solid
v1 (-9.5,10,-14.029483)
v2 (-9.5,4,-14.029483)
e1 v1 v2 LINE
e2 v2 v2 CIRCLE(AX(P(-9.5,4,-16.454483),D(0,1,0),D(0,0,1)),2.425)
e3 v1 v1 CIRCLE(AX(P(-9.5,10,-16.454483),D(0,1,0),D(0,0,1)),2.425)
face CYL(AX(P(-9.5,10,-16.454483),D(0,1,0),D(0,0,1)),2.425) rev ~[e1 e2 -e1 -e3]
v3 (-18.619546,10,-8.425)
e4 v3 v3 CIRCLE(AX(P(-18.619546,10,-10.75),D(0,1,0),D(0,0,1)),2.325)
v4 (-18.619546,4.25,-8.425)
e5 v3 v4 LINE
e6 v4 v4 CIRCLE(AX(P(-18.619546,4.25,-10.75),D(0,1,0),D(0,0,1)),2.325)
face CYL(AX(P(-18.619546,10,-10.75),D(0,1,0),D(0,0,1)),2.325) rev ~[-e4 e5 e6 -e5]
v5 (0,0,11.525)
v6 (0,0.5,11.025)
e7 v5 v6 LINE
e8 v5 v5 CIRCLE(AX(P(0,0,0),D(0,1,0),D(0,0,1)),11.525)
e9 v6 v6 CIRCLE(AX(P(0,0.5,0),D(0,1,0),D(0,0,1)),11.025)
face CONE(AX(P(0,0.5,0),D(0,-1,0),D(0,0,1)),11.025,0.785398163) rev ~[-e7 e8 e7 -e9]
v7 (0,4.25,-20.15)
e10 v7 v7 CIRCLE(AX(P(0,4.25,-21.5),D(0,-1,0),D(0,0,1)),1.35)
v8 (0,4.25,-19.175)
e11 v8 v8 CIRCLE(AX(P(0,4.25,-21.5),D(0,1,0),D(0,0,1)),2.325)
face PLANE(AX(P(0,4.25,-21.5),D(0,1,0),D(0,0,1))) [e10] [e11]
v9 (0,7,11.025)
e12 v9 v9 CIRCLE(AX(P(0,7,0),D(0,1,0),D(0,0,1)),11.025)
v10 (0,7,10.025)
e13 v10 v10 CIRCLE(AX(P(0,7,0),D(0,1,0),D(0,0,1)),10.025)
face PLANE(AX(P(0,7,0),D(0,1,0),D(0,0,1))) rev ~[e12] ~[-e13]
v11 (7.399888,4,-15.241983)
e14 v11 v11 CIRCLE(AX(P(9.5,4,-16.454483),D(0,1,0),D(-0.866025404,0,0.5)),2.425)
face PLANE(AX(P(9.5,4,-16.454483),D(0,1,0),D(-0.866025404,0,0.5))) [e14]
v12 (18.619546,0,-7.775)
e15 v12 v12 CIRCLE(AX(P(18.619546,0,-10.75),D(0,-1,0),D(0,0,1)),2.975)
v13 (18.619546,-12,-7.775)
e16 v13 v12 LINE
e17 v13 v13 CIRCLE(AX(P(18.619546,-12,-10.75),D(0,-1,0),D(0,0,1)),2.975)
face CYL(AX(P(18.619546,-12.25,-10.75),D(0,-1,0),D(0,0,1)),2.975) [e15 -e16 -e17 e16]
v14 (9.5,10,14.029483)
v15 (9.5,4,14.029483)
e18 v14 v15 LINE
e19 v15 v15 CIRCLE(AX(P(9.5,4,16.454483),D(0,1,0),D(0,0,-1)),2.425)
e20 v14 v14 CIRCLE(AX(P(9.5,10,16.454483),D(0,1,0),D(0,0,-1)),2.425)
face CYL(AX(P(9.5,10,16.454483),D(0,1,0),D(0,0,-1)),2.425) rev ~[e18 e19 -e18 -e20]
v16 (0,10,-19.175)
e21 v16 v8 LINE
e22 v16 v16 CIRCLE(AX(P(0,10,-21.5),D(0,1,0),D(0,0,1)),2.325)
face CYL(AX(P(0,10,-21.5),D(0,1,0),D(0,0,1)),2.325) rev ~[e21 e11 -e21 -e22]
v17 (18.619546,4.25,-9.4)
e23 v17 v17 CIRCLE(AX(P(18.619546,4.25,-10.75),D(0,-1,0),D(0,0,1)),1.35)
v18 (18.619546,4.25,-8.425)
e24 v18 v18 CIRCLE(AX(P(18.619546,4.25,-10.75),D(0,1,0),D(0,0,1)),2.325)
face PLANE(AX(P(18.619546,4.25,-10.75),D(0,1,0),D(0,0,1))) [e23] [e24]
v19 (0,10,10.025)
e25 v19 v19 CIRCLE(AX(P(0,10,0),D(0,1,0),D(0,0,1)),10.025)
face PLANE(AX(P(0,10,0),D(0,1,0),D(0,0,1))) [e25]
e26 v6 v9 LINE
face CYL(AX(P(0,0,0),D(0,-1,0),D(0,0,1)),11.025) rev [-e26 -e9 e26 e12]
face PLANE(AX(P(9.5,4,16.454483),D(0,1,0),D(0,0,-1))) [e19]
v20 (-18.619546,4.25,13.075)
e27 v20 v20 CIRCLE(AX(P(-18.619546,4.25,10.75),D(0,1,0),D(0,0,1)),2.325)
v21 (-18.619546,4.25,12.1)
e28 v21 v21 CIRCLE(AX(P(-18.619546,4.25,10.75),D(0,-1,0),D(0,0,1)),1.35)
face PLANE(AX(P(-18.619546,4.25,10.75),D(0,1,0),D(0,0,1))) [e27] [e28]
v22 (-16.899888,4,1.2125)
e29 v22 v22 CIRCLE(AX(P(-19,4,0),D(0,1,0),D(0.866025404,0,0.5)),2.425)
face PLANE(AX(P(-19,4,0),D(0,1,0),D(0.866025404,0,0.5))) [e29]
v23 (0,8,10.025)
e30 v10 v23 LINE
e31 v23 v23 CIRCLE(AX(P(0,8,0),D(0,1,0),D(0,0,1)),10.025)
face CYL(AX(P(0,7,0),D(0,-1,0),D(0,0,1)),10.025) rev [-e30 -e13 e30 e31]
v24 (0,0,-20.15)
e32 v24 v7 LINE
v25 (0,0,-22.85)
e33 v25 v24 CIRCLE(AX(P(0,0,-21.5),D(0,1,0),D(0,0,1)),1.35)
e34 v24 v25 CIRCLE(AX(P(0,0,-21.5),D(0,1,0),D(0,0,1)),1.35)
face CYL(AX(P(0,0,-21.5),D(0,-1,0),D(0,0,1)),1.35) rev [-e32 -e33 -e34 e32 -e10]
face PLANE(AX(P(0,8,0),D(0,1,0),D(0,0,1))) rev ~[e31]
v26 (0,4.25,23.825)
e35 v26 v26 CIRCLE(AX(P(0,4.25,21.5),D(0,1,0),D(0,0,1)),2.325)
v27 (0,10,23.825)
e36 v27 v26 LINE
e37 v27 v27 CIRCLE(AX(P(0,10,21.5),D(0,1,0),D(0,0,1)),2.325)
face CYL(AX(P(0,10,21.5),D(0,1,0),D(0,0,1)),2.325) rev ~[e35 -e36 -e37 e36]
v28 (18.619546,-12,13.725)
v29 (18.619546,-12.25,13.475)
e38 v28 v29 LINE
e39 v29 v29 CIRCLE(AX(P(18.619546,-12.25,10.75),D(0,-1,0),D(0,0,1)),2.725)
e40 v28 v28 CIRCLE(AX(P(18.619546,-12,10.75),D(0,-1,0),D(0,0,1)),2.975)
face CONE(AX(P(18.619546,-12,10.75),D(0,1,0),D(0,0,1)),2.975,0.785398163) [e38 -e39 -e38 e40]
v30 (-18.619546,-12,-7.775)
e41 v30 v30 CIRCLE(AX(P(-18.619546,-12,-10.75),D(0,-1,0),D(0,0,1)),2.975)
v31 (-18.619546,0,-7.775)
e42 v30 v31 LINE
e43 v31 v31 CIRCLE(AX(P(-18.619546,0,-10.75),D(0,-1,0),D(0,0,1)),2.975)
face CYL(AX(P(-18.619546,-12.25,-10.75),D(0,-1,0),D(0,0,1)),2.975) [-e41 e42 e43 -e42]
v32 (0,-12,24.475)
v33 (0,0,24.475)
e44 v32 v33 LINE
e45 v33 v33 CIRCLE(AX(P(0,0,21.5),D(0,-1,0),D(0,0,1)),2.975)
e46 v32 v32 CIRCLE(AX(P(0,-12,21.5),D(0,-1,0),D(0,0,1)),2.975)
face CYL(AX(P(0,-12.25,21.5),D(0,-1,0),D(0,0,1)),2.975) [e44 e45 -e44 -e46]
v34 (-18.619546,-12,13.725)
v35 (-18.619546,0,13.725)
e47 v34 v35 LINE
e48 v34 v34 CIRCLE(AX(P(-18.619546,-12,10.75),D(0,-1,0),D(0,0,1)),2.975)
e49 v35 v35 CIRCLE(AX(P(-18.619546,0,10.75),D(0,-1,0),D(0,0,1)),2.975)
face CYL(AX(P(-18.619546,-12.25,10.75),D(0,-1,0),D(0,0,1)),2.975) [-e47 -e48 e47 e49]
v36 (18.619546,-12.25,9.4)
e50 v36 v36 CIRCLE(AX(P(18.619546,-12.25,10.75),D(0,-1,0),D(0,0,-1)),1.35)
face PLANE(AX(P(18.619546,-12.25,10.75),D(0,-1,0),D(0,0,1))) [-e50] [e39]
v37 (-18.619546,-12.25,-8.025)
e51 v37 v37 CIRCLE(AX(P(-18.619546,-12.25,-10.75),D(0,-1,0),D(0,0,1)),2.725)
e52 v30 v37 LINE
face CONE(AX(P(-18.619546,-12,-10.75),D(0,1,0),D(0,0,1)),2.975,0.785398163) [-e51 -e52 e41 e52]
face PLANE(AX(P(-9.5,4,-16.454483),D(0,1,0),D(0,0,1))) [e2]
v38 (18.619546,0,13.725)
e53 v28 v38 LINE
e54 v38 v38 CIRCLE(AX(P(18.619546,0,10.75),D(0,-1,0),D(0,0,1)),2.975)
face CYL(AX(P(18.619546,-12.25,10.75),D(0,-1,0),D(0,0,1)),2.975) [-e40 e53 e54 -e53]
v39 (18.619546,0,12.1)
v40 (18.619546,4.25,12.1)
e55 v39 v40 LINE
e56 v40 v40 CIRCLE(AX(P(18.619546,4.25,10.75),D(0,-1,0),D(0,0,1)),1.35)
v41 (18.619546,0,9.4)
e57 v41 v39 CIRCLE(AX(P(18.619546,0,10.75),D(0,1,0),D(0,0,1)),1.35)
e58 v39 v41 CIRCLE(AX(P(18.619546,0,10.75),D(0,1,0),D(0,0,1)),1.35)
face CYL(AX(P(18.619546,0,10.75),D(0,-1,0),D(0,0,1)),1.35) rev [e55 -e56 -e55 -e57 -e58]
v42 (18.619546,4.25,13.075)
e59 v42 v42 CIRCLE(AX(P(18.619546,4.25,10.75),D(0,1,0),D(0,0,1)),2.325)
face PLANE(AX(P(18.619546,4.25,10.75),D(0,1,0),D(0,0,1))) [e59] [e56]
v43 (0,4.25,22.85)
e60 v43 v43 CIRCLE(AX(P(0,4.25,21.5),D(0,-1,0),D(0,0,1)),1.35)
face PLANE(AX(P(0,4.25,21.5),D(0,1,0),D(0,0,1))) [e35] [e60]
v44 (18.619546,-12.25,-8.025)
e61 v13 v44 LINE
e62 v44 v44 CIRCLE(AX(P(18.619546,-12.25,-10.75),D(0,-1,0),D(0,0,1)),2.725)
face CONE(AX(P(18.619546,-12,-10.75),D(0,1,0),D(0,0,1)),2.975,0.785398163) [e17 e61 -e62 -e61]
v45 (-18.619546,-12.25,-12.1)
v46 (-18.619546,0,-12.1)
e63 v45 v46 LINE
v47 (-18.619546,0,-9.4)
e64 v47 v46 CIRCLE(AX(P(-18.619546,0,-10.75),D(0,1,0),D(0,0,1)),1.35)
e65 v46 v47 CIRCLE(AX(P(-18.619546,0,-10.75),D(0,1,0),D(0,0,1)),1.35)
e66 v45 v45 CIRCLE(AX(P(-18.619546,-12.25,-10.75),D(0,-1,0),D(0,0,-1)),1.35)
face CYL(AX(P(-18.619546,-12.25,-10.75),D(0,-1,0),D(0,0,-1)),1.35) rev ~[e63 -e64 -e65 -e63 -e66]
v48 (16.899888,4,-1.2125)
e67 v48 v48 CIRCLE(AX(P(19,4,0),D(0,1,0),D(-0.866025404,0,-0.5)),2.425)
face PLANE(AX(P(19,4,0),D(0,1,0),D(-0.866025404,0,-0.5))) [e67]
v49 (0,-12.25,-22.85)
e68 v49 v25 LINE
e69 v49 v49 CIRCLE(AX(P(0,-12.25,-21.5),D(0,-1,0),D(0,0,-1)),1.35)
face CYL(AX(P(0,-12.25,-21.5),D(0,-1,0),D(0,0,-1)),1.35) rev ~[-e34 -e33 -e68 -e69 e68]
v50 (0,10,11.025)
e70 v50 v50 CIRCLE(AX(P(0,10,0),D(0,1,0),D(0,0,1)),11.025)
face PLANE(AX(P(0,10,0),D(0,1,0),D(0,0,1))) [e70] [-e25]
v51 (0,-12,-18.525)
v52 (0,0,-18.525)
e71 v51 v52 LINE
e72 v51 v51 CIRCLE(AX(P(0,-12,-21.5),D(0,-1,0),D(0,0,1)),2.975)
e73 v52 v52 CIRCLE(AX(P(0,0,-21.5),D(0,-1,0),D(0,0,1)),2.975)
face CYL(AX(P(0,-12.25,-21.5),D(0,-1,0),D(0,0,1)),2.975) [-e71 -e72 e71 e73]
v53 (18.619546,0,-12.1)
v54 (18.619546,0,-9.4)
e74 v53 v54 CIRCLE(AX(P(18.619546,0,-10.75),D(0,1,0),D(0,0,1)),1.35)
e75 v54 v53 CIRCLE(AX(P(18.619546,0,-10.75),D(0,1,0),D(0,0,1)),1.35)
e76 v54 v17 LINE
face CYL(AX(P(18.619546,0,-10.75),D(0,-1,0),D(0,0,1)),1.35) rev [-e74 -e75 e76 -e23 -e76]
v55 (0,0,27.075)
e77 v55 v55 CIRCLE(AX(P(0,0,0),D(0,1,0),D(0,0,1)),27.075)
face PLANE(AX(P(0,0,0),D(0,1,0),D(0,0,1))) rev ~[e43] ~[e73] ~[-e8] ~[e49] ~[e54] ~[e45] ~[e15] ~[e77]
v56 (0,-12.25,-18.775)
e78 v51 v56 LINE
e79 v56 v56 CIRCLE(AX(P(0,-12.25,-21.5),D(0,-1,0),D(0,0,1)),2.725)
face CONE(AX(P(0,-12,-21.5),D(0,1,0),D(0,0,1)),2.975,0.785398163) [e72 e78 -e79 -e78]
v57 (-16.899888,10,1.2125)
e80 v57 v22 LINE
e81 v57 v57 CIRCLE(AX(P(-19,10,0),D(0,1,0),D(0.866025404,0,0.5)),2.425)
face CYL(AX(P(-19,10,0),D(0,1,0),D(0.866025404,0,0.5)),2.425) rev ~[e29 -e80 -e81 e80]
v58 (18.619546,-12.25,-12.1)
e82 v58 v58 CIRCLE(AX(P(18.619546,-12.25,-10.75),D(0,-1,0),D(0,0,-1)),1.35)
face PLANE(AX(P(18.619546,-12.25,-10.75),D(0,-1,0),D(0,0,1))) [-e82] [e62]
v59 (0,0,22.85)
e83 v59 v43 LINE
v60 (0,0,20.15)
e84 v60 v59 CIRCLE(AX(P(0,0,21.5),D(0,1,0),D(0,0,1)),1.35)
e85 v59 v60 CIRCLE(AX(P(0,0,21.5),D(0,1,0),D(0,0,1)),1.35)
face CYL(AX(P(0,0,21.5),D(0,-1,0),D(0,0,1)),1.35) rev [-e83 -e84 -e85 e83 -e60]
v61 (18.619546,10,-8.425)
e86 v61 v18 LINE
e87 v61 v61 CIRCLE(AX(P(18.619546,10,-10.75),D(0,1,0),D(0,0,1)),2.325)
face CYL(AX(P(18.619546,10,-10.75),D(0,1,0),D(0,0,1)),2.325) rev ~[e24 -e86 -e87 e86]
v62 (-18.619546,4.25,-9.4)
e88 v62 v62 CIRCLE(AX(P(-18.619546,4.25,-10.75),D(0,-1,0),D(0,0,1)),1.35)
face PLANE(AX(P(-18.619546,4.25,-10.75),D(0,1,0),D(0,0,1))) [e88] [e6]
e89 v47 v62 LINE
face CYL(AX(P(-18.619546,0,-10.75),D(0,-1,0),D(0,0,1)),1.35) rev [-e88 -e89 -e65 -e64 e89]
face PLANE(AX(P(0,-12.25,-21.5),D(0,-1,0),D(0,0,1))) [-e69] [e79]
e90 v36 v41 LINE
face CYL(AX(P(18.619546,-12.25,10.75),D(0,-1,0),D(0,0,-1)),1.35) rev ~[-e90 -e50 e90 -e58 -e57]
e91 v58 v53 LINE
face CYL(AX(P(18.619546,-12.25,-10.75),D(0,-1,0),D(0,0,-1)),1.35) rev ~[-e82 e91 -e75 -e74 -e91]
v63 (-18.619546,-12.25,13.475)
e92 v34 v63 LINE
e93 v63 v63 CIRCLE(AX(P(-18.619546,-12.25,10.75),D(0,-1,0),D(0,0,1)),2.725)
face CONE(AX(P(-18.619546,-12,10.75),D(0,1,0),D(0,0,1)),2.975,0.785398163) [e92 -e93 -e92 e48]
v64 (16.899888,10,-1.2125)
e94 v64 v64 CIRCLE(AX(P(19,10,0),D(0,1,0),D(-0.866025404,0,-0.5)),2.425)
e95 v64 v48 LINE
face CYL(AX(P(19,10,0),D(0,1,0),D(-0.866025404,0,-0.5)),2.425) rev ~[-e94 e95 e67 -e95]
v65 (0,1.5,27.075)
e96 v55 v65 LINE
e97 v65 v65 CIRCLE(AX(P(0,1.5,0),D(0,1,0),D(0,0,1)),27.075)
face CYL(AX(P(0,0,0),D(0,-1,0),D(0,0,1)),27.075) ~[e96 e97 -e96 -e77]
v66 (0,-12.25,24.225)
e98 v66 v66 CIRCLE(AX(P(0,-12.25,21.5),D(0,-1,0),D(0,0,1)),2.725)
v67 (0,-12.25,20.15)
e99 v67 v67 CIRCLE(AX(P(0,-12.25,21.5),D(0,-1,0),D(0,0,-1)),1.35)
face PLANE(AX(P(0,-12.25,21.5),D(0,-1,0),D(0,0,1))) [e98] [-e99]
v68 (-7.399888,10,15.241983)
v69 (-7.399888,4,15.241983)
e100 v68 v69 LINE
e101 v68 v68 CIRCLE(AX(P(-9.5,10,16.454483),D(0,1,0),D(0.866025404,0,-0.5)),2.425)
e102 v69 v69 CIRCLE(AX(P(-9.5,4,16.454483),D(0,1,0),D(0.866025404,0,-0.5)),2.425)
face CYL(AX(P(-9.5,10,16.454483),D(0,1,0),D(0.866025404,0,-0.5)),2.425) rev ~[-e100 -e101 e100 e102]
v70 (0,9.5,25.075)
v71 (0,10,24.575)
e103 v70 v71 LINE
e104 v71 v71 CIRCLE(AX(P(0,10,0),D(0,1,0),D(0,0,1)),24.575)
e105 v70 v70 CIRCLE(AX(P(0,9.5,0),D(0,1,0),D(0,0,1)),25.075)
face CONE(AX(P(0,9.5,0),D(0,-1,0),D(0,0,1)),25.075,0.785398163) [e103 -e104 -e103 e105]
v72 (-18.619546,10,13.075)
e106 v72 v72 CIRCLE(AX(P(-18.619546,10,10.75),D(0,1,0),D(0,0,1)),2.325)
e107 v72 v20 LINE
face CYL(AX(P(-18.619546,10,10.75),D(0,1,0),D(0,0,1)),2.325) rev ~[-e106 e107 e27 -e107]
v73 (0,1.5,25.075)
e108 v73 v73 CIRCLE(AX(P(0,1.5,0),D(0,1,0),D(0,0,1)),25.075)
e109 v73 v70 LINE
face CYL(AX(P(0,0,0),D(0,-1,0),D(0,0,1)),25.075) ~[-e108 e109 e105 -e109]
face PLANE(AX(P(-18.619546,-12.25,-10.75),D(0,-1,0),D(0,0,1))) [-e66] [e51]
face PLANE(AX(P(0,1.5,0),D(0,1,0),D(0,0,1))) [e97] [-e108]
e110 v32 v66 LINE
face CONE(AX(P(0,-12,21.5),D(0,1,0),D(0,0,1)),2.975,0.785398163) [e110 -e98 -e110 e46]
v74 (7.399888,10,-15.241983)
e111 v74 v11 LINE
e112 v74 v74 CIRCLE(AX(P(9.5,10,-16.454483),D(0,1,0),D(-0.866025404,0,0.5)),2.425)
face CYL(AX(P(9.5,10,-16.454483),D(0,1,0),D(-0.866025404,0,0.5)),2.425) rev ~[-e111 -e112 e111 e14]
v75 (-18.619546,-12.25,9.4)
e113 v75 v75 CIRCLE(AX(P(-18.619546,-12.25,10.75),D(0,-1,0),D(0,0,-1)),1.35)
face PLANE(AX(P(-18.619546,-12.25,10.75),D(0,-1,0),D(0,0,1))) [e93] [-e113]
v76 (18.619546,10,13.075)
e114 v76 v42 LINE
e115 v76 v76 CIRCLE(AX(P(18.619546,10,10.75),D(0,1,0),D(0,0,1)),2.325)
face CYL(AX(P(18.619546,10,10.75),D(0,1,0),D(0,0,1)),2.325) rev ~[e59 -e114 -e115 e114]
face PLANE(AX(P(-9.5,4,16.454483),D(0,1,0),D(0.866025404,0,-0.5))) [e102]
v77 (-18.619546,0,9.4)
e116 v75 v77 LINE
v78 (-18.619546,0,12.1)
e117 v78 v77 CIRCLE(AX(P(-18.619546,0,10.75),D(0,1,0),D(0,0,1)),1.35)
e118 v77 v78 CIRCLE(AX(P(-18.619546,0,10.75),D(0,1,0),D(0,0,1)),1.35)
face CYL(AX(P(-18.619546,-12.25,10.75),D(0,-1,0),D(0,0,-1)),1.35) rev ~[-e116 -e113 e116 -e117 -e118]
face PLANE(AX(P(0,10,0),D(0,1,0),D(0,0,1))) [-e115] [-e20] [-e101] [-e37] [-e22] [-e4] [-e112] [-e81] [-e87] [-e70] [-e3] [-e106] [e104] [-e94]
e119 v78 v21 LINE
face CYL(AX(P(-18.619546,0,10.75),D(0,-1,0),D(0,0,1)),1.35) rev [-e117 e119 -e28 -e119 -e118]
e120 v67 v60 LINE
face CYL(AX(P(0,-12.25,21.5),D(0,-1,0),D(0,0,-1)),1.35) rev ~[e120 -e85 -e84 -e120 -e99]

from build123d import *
from build123d.topology import SkipClean

# Parameters (mm, degrees)
SKETCH2_R            = 25.075
SKETCH2_R_2          = 1.35
SKETCH2_R_3          = 11.025
BOSS_EXTRUDE1_DEPTH  = 10
SKETCH3_R            = 2.325
CUT_EXTRUDE2_DEPTH   = 5.75
SKETCH11_R           = 27.075
SKETCH11_R_2         = 25.075
BOSS_EXTRUDE6_DEPTH  = 1.5
SKETCH12_R           = 11.025
SKETCH12_R_2         = 10.025
BOSS_EXTRUDE7_DEPTH  = 1.5
SKETCH13_R           = 2.425
CUT_EXTRUDE7_DEPTH   = 6
CIRPATTERN4_COUNT    = 6
BOSS_EXTRUDE8_START  = 12.25
SKETCH16_R           = 2.975
SKETCH16_R_2         = 1.35
BOSS_EXTRUDE8_DEPTH  = 12.25
SKETCH17_R           = 11.025
SKETCH17_R_2         = 10.025
BOSS_EXTRUDE9_DEPTH  = 1.5
CHAMFER1_SIZE        = 0.25
CHAMFER2_SIZE        = 0.5
BOSS_EXTRUDE10_START = -2
SKETCH18_R           = 10.025
BOSS_EXTRUDE10_DEPTH = 2


with BuildPart() as part:
    # Sketch2 → Boss-Extrude1 (new body)
    with BuildSketch(Plane(origin=(0, 0, 0), x_dir=(1, 0, 0), z_dir=(0, 1, 0))):
        with Locations(Location((0, 0, 0), (0, 0, 270))):
            Circle(SKETCH2_R)
        with Locations(Location((0, 21.5, 0), (0, 0, 270))):
            Circle(SKETCH2_R_2, mode=Mode.SUBTRACT)
        with Locations(Location((18.619546181, 10.75, 0), (0, 0, 270))):
            Circle(SKETCH2_R_2, mode=Mode.SUBTRACT)
        with Locations(Location((18.619546181, -10.75, 0), (0, 0, 270))):
            Circle(SKETCH2_R_2, mode=Mode.SUBTRACT)
        with Locations(Location((0, -21.5, 0), (0, 0, 270))):
            Circle(SKETCH2_R_2, mode=Mode.SUBTRACT)
        with Locations(Location((-18.619546181, -10.75, 0), (0, 0, 270))):
            Circle(SKETCH2_R_2, mode=Mode.SUBTRACT)
        with Locations(Location((-18.619546181, 10.75, 0), (0, 0, 270))):
            Circle(SKETCH2_R_2, mode=Mode.SUBTRACT)
        with Locations(Location((0, 0, 0), (0, 0, 270))):
            Circle(SKETCH2_R_3, mode=Mode.SUBTRACT)
    extrude(amount=BOSS_EXTRUDE1_DEPTH)

    # Sketch3 → Cut-Extrude2 (cut)
    with BuildSketch(Plane(origin=(0, 10, 0), x_dir=(1, 0, 0), z_dir=(0, 1, 0))):
        with Locations(Location((0, 21.5, 0), (0, 0, 270))):
            Circle(SKETCH3_R)
        with Locations(Location((18.619546181, 10.75, 0), (0, 0, 270))):
            Circle(SKETCH3_R)
        with Locations(Location((18.619546181, -10.75, 0), (0, 0, 270))):
            Circle(SKETCH3_R)
        with Locations(Location((0, -21.5, 0), (0, 0, 270))):
            Circle(SKETCH3_R)
        with Locations(Location((-18.619546181, -10.75, 0), (0, 0, 270))):
            Circle(SKETCH3_R)
        with Locations(Location((-18.619546181, 10.75, 0), (0, 0, 270))):
            Circle(SKETCH3_R)
    extrude(amount=-CUT_EXTRUDE2_DEPTH, mode=Mode.SUBTRACT)

    # Sketch11 → Boss-Extrude6 (add)
    with BuildSketch(Plane(origin=(0, 0, 0), x_dir=(1, 0, 0), z_dir=(0, 1, 0))):
        with Locations(Location((0, 0, 0), (0, 0, 270))):
            Circle(SKETCH11_R)
        with Locations(Location((0, 0, 0), (0, 0, 270))):
            Circle(SKETCH11_R_2, mode=Mode.SUBTRACT)
    extrude(amount=BOSS_EXTRUDE6_DEPTH)

    # Sketch12 → Boss-Extrude7 (add)
    with BuildSketch(Plane(origin=(0, 7, 0), x_dir=(1, 0, 0), z_dir=(0, 1, 0))):
        with Locations(Location((0, 0, 0), (0, 0, 270))):
            Circle(SKETCH12_R)
        with Locations(Location((0, 0, 0), (0, 0, 270))):
            Circle(SKETCH12_R_2, mode=Mode.SUBTRACT)
    extrude(amount=BOSS_EXTRUDE7_DEPTH)

    # Sketch13 → Cut-Extrude7 (cut)
    with BuildSketch(Plane(origin=(0, 10, 0), x_dir=(1, 0, 0), z_dir=(0, 1, 0))):
        with Locations(Location((-9.5, 16.454482672, 0), (0, 0, 270))):
            Circle(SKETCH13_R)
    cut_extrude7 = extrude(amount=-CUT_EXTRUDE7_DEPTH, mode=Mode.SUBTRACT)

    # CirPattern4: Cut-Extrude7 ×6 about axis
    cirpattern4_axis = Axis((0, 0, 0), (0, 1, 0))
    for i in range(1, CIRPATTERN4_COUNT):
        add(cut_extrude7.rotate(cirpattern4_axis, i * 360 / CIRPATTERN4_COUNT), mode=Mode.SUBTRACT)

    # Sketch16 → Boss-Extrude8 (add)
    # profile 1 of 6: a face of its own
    with SkipClean():  # the faces are left unmerged after this step: merging them gives an invalid solid
        with BuildSketch(Plane.XZ.offset(BOSS_EXTRUDE8_START)):
            with Locations(Location((0, -21.5, 0), (0, 0, 90))):
                Circle(SKETCH16_R)
            with Locations(Location((0, -21.5, 0), (0, 0, 270))):
                Circle(SKETCH16_R_2, mode=Mode.SUBTRACT)
        # profile 2 of 6: a face of its own
        with BuildSketch(Plane.XZ.offset(BOSS_EXTRUDE8_START)):
            with Locations(Location((-18.619546181, -10.75, 0), (0, 0, 90))):
                Circle(SKETCH16_R)
            with Locations(Location((-18.619546181, -10.75, 0), (0, 0, 270))):
                Circle(SKETCH16_R_2, mode=Mode.SUBTRACT)
        # profile 3 of 6: a face of its own
        with BuildSketch(Plane.XZ.offset(BOSS_EXTRUDE8_START)):
            with Locations(Location((-18.619546181, 10.75, 0), (0, 0, 90))):
                Circle(SKETCH16_R)
            with Locations(Location((-18.619546181, 10.75, 0), (0, 0, 270))):
                Circle(SKETCH16_R_2, mode=Mode.SUBTRACT)
        # profile 4 of 6: a face of its own
        with BuildSketch(Plane.XZ.offset(BOSS_EXTRUDE8_START)):
            with Locations(Location((0, 21.5, 0), (0, 0, 90))):
                Circle(SKETCH16_R)
            with Locations(Location((0, 21.5, 0), (0, 0, 270))):
                Circle(SKETCH16_R_2, mode=Mode.SUBTRACT)
        # profile 5 of 6: a face of its own
        with BuildSketch(Plane.XZ.offset(BOSS_EXTRUDE8_START)):
            with Locations(Location((18.619546181, 10.75, 0), (0, 0, 90))):
                Circle(SKETCH16_R)
            with Locations(Location((18.619546181, 10.75, 0), (0, 0, 270))):
                Circle(SKETCH16_R_2, mode=Mode.SUBTRACT)
        # profile 6 of 6: a face of its own
        with BuildSketch(Plane.XZ.offset(BOSS_EXTRUDE8_START)):
            with Locations(Location((18.619546181, -10.75, 0), (0, 0, 90))):
                Circle(SKETCH16_R)
            with Locations(Location((18.619546181, -10.75, 0), (0, 0, 270))):
                Circle(SKETCH16_R_2, mode=Mode.SUBTRACT)
        extrude(amount=-BOSS_EXTRUDE8_DEPTH)

    # Sketch17 → Boss-Extrude9 (add)
    with SkipClean():  # the faces are left unmerged after this step: merging them gives an invalid solid
        with BuildSketch(Plane(origin=(0, 8.5, 0), x_dir=(1, 0, 0), z_dir=(0, 1, 0))):
            with Locations(Location((0, 0, 0), (0, 0, 270))):
                Circle(SKETCH17_R)
            with Locations(Location((0, 0, 0), (0, 0, 270))):
                Circle(SKETCH17_R_2, mode=Mode.SUBTRACT)
        extrude(amount=BOSS_EXTRUDE9_DEPTH)

    # Chamfer1
    chamfer1_edges = [part.edges().sort_by_distance(p)[0] for p in [
        (0, -12.25, -24.475),
        (18.619546181, -12.25, -13.725),
        (18.619546181, -12.25, 7.775),
        (0, -12.25, 18.525),
        (-18.619546181, -12.25, 7.775),
        (-18.619546181, -12.25, -13.725),
    ]]
    chamfer(chamfer1_edges, length=CHAMFER1_SIZE)

    # Chamfer2
    chamfer2_edges = [part.edges().sort_by_distance(p)[0] for p in [
        (0, 10, -25.075),
        (0, 0, -11.025),
    ]]
    chamfer(chamfer2_edges, length=CHAMFER2_SIZE)

    # Sketch18 → Boss-Extrude10 (add)
    with BuildSketch(Plane(origin=(0, 10, 0), x_dir=(1, 0, 0), z_dir=(0, 1, 0)).offset(BOSS_EXTRUDE10_START)):
        with Locations(Location((0, 0, 0), (0, 0, 270))):
            Circle(SKETCH18_R)
    extrude(amount=BOSS_EXTRUDE10_DEPTH)


solid = part.part
